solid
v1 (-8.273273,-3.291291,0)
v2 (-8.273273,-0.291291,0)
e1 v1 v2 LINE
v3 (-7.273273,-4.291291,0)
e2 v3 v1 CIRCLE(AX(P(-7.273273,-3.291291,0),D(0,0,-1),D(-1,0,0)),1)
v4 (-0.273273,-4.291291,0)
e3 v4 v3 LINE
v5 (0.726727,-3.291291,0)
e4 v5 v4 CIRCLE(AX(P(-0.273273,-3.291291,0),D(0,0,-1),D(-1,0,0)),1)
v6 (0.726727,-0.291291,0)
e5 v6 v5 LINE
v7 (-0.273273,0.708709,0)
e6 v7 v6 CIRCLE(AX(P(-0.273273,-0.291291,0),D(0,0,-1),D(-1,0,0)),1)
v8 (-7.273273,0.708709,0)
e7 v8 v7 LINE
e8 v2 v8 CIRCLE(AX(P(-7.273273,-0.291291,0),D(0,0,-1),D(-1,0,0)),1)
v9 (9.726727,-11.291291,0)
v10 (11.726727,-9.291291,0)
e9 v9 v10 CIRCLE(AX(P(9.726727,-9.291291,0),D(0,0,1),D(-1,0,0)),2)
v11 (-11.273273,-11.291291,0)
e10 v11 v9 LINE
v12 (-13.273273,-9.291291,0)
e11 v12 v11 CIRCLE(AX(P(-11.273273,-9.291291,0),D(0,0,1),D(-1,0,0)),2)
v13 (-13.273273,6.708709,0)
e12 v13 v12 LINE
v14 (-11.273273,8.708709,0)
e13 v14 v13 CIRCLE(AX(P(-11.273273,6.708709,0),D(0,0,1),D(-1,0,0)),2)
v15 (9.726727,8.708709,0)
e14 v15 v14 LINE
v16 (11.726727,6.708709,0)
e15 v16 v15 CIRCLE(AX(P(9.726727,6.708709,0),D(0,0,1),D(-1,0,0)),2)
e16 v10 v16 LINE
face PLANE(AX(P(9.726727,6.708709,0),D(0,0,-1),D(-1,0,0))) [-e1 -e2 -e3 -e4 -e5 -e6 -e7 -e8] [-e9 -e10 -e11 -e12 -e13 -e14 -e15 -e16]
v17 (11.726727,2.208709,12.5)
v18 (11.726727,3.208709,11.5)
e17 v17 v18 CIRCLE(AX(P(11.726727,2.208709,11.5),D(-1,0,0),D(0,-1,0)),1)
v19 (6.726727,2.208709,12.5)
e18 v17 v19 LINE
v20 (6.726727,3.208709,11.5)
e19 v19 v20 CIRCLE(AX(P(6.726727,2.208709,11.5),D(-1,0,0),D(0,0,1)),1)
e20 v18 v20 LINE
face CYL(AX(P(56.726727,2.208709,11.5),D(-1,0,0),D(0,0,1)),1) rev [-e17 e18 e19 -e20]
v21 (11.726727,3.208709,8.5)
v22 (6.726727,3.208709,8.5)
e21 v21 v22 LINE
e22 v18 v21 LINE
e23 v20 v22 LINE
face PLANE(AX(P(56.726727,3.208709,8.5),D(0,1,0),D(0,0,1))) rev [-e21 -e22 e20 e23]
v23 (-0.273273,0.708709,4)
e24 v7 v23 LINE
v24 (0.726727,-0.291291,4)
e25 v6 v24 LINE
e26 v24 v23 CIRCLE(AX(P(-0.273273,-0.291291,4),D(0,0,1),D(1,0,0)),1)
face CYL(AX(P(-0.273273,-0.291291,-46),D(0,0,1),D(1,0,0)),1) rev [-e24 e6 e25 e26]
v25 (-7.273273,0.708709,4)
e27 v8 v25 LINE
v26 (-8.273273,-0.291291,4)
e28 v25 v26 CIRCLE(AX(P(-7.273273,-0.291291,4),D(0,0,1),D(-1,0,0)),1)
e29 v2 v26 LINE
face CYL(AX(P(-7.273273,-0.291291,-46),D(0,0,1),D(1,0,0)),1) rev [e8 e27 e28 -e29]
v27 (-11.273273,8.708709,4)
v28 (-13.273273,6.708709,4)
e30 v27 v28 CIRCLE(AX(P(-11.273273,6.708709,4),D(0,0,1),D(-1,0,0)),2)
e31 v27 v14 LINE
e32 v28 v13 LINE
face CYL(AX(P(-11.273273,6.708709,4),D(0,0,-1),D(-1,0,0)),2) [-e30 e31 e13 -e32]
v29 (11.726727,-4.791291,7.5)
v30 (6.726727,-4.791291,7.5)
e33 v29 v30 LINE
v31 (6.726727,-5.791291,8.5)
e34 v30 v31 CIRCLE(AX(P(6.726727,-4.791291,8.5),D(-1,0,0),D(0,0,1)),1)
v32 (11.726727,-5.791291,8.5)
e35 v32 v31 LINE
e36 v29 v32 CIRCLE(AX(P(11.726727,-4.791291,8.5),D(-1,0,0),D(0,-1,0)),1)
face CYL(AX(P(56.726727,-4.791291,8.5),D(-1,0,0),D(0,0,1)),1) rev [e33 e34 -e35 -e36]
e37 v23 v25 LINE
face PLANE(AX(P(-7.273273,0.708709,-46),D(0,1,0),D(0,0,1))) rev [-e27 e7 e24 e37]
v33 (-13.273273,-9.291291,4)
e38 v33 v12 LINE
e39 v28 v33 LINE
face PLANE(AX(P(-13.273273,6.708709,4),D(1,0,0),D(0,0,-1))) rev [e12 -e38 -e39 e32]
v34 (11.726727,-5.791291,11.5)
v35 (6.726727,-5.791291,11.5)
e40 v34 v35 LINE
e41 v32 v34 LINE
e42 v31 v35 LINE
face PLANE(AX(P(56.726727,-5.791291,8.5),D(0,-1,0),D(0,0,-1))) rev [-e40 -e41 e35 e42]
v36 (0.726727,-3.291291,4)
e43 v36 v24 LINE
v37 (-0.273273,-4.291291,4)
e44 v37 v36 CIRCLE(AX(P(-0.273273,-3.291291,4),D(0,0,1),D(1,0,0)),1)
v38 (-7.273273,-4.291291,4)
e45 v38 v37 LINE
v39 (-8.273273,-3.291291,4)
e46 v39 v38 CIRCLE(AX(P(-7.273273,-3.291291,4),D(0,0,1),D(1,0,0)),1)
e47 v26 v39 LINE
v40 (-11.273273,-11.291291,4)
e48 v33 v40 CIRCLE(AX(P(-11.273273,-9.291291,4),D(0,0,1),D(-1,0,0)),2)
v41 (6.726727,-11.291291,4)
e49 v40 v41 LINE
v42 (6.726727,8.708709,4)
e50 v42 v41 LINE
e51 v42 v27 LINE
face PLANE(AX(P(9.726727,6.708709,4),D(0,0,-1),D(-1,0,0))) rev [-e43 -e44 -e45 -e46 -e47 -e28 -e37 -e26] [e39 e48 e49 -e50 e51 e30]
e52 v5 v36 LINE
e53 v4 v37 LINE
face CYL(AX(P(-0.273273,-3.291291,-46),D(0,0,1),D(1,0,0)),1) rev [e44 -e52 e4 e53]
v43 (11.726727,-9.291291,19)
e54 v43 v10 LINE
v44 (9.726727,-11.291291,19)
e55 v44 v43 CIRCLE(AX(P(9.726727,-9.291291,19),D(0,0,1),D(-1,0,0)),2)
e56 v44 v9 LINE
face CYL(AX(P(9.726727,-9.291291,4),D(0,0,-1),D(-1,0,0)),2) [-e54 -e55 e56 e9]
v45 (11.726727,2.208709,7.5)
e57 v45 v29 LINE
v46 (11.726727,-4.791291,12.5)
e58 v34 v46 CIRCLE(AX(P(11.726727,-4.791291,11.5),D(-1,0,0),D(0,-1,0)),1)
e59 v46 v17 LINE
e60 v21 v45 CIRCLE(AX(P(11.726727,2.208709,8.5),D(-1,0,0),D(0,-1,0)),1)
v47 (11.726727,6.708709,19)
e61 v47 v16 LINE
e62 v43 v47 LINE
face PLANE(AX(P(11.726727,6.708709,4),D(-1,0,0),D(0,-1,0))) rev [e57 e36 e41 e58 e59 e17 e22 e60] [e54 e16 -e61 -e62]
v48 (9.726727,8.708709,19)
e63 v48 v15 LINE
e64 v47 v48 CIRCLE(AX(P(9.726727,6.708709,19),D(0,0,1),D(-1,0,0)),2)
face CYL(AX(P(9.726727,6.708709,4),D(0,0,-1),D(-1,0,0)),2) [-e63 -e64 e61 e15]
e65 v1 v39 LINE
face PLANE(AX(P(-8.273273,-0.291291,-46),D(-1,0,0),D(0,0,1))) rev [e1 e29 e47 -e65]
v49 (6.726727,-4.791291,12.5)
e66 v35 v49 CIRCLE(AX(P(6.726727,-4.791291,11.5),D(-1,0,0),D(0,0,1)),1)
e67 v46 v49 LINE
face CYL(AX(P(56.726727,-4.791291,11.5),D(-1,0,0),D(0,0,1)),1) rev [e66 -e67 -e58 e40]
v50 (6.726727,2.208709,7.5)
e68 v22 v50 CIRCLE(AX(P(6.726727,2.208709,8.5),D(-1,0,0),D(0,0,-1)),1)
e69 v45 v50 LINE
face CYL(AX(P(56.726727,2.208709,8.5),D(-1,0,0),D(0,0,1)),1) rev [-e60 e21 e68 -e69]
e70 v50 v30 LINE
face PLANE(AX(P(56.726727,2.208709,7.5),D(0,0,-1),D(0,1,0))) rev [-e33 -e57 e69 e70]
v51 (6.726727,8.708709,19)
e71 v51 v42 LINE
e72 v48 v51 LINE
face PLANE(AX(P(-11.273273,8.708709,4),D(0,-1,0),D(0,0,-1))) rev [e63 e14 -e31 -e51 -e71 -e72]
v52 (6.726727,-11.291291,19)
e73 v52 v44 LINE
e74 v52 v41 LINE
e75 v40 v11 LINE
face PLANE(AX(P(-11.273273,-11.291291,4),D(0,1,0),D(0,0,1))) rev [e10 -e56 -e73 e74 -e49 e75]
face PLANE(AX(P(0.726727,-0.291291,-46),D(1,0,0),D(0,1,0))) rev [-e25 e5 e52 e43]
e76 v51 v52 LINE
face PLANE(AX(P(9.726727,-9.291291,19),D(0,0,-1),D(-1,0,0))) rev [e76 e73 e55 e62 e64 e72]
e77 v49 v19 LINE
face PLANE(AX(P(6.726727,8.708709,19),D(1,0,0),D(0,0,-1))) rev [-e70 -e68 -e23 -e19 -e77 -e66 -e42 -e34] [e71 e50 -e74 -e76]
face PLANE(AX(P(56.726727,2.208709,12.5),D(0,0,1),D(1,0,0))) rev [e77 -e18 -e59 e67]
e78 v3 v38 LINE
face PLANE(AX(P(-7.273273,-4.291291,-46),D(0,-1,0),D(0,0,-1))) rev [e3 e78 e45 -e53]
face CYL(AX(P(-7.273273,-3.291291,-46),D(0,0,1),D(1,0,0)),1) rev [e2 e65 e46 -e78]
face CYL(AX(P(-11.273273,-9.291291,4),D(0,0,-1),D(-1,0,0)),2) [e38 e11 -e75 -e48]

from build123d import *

# Parameters (mm, degrees)
BOSS_EXTRU_1_DEPTH      = 4
BOSS_EXTRU_3_DEPTH      = 15
ENL_V_MAT_EXTRU_1_DEPTH = 50
ENL_V_MAT_EXTRU_2_DEPTH = 50


with BuildPart() as part:
    # Esquisse1 → Boss.-Extru.1 (new body)
    with BuildSketch(Plane.XY):
        with BuildLine():
            Line((-11.273273273, 8.708708709), (9.726726727, 8.708708709))
            ThreePointArc((9.726726727, 8.708708709), (11.140940289, 8.122922271), (11.726726727, 6.708708709))
            Line((11.726726727, 6.708708709), (11.726726727, -9.291291291))
            ThreePointArc((11.726726727, -9.291291291), (11.140940289, -10.705504854), (9.726726727, -11.291291291))
            Line((9.726726727, -11.291291291), (-11.273273273, -11.291291291))
            ThreePointArc((-11.273273273, -11.291291291), (-12.687486836, -10.705504854), (-13.273273273, -9.291291291))
            Line((-13.273273273, -9.291291291), (-13.273273273, 6.708708709))
            ThreePointArc((-13.273273273, 6.708708709), (-12.687486836, 8.122922271), (-11.273273273, 8.708708709))
        make_face()
    extrude(amount=BOSS_EXTRU_1_DEPTH)

    # Esquisse2 → Boss.-Extru.3 (add)
    with BuildSketch(Plane.XY.offset(4)):
        with BuildLine():
            Line((6.726726727, 8.708708709), (9.726726727, 8.708708709))
            ThreePointArc((9.726726727, 8.708708709), (11.140940289, 8.122922271), (11.726726727, 6.708708709))
            Line((11.726726727, 6.708708709), (11.726726727, -9.291291291))
            ThreePointArc((11.726726727, -9.291291291), (11.140940289, -10.705504854), (9.726726727, -11.291291291))
            Line((9.726726727, -11.291291291), (6.726726727, -11.291291291))
            Line((6.726726727, -11.291291291), (6.726726727, 8.708708709))
        make_face()
    extrude(amount=BOSS_EXTRU_3_DEPTH)

    # Esquisse3 → Enlèv. mat.-Extru.1 (cut)
    with BuildSketch(Plane.XY.offset(4)):
        with BuildLine():
            Line((-7.273273273, 0.708708709), (-0.273273273, 0.708708709))
            ThreePointArc((-0.273273273, 0.708708709), (0.433833508, 0.41581549), (0.726726727, -0.291291291))
            Line((0.726726727, -0.291291291), (0.726726727, -3.291291291))
            ThreePointArc((0.726726727, -3.291291291), (0.433833508, -3.998398072), (-0.273273273, -4.291291291))
            Line((-0.273273273, -4.291291291), (-7.273273273, -4.291291291))
            ThreePointArc((-7.273273273, -4.291291291), (-7.980380054, -3.998398072), (-8.273273273, -3.291291291))
            Line((-8.273273273, -3.291291291), (-8.273273273, -0.291291291))
            ThreePointArc((-8.273273273, -0.291291291), (-7.980380054, 0.41581549), (-7.273273273, 0.708708709))
        make_face()
    extrude(amount=-ENL_V_MAT_EXTRU_1_DEPTH, mode=Mode.SUBTRACT)

    # Esquisse4 → Enlèv. mat.-Extru.2 (cut)
    with BuildSketch(Plane.ZY.offset(-6.726726727)):
        with BuildLine():
            Line((8.5, 3.208708709), (11.5, 3.208708709))
            ThreePointArc((11.5, 3.208708709), (12.207106781, 2.91581549), (12.5, 2.208708709))
            Line((12.5, 2.208708709), (12.5, -4.791291291))
            ThreePointArc((12.5, -4.791291291), (12.207106781, -5.498398072), (11.5, -5.791291291))
            Line((11.5, -5.791291291), (8.5, -5.791291291))
            ThreePointArc((8.5, -5.791291291), (7.792893219, -5.498398072), (7.5, -4.791291291))
            Line((7.5, -4.791291291), (7.5, 2.208708709))
            ThreePointArc((7.5, 2.208708709), (7.792893219, 2.91581549), (8.5, 3.208708709))
        make_face()
    extrude(amount=-ENL_V_MAT_EXTRU_2_DEPTH, mode=Mode.SUBTRACT)


solid = part.part
